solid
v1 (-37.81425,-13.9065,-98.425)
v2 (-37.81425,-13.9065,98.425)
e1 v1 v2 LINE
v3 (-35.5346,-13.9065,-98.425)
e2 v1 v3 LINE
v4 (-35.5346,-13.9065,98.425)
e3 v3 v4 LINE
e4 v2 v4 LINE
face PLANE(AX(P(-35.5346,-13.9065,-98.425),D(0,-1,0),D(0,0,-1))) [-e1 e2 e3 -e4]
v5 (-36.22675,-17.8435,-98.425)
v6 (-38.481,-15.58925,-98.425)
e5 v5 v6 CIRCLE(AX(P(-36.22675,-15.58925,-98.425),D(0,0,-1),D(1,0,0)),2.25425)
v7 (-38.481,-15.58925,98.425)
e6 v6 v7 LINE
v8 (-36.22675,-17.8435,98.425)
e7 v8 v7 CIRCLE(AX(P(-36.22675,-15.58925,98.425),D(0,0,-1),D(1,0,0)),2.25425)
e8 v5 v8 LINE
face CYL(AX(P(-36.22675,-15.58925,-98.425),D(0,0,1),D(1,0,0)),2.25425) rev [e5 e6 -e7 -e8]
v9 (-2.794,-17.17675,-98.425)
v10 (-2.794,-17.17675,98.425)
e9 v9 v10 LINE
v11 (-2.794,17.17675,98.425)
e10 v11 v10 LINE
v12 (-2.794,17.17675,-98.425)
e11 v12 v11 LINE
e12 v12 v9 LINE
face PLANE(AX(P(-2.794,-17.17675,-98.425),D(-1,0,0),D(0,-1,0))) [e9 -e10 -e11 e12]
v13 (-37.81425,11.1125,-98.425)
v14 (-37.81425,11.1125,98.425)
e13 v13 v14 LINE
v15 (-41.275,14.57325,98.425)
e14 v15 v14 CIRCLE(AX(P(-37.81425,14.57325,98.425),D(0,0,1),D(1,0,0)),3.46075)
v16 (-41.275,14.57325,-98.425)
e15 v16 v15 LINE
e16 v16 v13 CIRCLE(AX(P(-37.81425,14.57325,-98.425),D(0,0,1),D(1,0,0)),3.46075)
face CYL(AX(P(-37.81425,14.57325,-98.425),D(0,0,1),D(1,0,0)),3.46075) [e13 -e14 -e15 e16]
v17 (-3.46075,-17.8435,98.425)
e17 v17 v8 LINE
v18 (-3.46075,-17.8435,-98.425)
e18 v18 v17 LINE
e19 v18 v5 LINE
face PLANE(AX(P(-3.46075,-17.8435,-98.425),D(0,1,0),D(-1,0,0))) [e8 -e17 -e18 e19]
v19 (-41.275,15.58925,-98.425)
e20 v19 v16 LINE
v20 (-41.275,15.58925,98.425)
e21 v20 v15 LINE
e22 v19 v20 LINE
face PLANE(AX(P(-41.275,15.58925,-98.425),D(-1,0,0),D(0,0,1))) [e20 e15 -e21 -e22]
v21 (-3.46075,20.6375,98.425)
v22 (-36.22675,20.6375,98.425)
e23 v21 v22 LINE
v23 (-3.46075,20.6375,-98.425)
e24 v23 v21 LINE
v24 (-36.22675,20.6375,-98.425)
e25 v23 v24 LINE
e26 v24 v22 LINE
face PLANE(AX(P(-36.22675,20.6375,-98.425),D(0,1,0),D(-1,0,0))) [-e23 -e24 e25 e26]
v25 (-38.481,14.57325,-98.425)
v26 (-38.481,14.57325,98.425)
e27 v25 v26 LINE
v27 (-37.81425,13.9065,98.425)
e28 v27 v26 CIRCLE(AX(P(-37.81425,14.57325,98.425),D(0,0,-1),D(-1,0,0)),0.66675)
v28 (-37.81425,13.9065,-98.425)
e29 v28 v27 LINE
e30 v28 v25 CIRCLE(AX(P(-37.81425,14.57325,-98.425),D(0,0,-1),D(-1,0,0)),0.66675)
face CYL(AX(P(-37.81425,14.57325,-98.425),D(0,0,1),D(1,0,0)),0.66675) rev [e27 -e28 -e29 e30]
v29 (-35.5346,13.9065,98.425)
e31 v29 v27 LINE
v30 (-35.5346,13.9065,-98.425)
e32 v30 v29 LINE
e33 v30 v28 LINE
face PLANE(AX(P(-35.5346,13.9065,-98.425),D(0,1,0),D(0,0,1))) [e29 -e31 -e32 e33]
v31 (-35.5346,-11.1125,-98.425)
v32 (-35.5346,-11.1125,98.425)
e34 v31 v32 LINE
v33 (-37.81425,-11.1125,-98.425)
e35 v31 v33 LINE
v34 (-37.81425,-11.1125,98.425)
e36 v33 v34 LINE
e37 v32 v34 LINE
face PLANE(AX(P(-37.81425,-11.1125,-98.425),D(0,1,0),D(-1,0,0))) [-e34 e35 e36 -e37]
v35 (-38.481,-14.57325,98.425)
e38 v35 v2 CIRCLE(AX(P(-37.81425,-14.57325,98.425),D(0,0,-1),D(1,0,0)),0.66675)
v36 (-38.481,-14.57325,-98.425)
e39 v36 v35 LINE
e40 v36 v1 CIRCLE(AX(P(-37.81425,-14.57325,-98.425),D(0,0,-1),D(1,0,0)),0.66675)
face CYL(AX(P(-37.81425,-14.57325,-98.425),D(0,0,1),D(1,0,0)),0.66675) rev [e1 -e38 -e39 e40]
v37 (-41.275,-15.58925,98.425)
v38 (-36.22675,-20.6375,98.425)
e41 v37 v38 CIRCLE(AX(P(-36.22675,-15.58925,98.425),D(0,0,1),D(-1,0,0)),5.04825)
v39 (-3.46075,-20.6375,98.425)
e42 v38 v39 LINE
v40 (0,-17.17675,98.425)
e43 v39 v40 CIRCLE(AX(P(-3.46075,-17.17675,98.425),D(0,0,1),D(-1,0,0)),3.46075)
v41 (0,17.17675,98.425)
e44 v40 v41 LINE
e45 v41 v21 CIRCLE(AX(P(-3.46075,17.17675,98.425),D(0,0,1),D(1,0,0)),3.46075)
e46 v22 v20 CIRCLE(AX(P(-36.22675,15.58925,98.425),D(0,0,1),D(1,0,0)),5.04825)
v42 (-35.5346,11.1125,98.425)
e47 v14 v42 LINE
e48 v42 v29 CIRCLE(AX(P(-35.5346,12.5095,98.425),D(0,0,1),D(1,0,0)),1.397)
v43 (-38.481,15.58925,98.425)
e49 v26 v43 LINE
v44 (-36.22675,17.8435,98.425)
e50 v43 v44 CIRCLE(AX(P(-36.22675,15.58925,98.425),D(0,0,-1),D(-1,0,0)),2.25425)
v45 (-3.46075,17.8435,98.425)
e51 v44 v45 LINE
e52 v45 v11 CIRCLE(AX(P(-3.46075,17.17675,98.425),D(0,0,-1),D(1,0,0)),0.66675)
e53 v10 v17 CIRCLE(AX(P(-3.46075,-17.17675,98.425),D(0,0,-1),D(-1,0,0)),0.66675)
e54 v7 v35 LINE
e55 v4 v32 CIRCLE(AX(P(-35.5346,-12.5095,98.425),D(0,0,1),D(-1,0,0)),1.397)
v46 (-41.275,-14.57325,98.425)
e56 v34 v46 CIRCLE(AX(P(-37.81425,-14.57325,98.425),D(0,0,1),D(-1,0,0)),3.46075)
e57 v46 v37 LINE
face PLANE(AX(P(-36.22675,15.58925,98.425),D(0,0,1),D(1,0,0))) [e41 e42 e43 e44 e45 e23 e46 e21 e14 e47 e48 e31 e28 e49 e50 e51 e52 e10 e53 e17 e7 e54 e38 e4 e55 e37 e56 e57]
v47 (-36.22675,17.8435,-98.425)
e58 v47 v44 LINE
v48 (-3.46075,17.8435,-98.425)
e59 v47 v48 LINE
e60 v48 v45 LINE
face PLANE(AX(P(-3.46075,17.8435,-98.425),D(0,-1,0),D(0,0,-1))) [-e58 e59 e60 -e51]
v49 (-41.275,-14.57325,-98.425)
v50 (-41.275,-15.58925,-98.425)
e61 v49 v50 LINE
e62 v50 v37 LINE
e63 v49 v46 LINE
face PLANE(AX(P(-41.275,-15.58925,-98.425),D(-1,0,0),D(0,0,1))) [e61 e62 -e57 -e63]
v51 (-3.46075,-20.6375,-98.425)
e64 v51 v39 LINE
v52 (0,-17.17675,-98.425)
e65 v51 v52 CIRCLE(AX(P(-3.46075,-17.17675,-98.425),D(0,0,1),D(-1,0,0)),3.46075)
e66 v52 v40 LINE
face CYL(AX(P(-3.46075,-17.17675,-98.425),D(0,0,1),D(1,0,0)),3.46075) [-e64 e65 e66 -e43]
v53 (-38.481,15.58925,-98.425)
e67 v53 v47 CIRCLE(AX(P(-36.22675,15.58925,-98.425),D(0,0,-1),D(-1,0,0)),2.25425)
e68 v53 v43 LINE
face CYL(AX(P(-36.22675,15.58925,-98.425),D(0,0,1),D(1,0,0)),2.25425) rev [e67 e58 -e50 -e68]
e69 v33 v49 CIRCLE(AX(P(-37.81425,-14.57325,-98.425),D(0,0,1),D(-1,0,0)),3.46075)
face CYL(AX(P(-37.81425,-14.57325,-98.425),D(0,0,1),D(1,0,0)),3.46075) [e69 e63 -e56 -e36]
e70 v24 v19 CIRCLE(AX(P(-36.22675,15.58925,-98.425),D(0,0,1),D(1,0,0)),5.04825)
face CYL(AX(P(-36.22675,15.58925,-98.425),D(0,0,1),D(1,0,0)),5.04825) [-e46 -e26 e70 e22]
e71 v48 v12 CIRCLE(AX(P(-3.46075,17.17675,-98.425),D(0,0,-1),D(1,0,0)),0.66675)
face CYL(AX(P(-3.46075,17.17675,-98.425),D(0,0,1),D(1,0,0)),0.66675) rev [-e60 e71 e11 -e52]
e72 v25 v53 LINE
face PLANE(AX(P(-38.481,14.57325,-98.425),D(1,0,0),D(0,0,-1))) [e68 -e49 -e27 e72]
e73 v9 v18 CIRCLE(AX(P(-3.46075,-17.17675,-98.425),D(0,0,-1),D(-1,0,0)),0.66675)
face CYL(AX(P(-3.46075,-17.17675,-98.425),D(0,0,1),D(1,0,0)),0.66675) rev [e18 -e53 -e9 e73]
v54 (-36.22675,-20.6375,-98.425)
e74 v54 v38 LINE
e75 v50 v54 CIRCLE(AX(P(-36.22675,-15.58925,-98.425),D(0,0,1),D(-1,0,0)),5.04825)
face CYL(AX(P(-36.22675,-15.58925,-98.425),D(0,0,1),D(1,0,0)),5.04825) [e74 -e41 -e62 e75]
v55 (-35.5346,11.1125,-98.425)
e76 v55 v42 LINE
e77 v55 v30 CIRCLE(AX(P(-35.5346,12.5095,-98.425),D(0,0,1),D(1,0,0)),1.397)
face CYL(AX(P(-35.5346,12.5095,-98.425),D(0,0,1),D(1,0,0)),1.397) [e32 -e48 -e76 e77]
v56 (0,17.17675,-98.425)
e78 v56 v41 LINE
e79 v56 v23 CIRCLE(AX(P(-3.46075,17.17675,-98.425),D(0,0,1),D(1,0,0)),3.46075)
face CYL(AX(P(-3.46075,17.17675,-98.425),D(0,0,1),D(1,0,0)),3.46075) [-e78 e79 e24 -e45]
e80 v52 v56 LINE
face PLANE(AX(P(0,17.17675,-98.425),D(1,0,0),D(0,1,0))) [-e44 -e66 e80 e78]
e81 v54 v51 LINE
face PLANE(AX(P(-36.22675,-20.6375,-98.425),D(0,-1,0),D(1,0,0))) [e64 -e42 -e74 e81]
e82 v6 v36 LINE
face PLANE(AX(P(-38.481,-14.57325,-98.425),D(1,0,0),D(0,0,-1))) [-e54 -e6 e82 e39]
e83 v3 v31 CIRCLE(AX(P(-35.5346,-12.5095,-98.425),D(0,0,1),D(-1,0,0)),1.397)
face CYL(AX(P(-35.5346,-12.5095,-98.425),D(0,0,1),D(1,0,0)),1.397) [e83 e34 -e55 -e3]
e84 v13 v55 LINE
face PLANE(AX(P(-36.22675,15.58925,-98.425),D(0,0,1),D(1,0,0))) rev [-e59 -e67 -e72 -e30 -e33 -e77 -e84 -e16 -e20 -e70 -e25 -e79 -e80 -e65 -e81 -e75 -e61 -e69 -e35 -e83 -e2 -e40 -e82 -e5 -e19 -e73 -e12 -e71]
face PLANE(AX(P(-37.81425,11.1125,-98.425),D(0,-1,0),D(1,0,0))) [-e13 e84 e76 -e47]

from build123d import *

# Parameters (mm, degrees)
BOSS_EXTRUDE1_DEPTH = 98.425


with BuildPart() as part:
    # Sketch1 → Boss-Extrude1 (new, symmetric)
    with BuildSketch(Plane.XY):
        with BuildLine():
            Line((-36.22675, 20.6375), (-3.46075, 20.6375))
            ThreePointArc((-3.46075, 20.6375), (-1.013630207, 19.623869793), (0, 17.17675))
            Line((0, 17.17675), (0, -17.17675))
            ThreePointArc((0, -17.17675), (-1.013630207, -19.623869793), (-3.46075, -20.6375))
            Line((-3.46075, -20.6375), (-36.22675, -20.6375))
            ThreePointArc((-36.22675, -20.6375), (-39.796401808, -19.158901808), (-41.275, -15.58925))
            Line((-41.275, -15.58925), (-41.275, -14.57325))
            ThreePointArc((-41.275, -14.57325), (-40.261369793, -12.126130207), (-37.81425, -11.1125))
            Line((-37.81425, -11.1125), (-35.5346, -11.1125))
            ThreePointArc((-35.5346, -11.1125), (-34.1376, -12.5095), (-35.5346, -13.9065))
            Line((-35.5346, -13.9065), (-37.81425, -13.9065))
            ThreePointArc((-37.81425, -13.9065), (-38.285713446, -14.101786554), (-38.481, -14.57325))
            Line((-38.481, -14.57325), (-38.481, -15.58925))
            ThreePointArc((-38.481, -15.58925), (-37.820745461, -17.183245461), (-36.22675, -17.8435))
            Line((-36.22675, -17.8435), (-3.46075, -17.8435))
            ThreePointArc((-3.46075, -17.8435), (-2.989286554, -17.648213446), (-2.794, -17.17675))
            Line((-2.794, -17.17675), (-2.794, 17.17675))
            ThreePointArc((-2.794, 17.17675), (-2.989286554, 17.648213446), (-3.46075, 17.8435))
            Line((-3.46075, 17.8435), (-36.22675, 17.8435))
            ThreePointArc((-36.22675, 17.8435), (-37.820745461, 17.183245461), (-38.481, 15.58925))
            Line((-38.481, 15.58925), (-38.481, 14.57325))
            ThreePointArc((-38.481, 14.57325), (-38.285713446, 14.101786554), (-37.81425, 13.9065))
            Line((-37.81425, 13.9065), (-35.5346, 13.9065))
            ThreePointArc((-35.5346, 13.9065), (-34.1376, 12.5095), (-35.5346, 11.1125))
            Line((-35.5346, 11.1125), (-37.81425, 11.1125))
            ThreePointArc((-37.81425, 11.1125), (-40.261369793, 12.126130207), (-41.275, 14.57325))
            Line((-41.275, 14.57325), (-41.275, 15.58925))
            ThreePointArc((-41.275, 15.58925), (-39.796401808, 19.158901808), (-36.22675, 20.6375))
        make_face()
    extrude(amount=BOSS_EXTRUDE1_DEPTH, both=True)


solid = part.part
